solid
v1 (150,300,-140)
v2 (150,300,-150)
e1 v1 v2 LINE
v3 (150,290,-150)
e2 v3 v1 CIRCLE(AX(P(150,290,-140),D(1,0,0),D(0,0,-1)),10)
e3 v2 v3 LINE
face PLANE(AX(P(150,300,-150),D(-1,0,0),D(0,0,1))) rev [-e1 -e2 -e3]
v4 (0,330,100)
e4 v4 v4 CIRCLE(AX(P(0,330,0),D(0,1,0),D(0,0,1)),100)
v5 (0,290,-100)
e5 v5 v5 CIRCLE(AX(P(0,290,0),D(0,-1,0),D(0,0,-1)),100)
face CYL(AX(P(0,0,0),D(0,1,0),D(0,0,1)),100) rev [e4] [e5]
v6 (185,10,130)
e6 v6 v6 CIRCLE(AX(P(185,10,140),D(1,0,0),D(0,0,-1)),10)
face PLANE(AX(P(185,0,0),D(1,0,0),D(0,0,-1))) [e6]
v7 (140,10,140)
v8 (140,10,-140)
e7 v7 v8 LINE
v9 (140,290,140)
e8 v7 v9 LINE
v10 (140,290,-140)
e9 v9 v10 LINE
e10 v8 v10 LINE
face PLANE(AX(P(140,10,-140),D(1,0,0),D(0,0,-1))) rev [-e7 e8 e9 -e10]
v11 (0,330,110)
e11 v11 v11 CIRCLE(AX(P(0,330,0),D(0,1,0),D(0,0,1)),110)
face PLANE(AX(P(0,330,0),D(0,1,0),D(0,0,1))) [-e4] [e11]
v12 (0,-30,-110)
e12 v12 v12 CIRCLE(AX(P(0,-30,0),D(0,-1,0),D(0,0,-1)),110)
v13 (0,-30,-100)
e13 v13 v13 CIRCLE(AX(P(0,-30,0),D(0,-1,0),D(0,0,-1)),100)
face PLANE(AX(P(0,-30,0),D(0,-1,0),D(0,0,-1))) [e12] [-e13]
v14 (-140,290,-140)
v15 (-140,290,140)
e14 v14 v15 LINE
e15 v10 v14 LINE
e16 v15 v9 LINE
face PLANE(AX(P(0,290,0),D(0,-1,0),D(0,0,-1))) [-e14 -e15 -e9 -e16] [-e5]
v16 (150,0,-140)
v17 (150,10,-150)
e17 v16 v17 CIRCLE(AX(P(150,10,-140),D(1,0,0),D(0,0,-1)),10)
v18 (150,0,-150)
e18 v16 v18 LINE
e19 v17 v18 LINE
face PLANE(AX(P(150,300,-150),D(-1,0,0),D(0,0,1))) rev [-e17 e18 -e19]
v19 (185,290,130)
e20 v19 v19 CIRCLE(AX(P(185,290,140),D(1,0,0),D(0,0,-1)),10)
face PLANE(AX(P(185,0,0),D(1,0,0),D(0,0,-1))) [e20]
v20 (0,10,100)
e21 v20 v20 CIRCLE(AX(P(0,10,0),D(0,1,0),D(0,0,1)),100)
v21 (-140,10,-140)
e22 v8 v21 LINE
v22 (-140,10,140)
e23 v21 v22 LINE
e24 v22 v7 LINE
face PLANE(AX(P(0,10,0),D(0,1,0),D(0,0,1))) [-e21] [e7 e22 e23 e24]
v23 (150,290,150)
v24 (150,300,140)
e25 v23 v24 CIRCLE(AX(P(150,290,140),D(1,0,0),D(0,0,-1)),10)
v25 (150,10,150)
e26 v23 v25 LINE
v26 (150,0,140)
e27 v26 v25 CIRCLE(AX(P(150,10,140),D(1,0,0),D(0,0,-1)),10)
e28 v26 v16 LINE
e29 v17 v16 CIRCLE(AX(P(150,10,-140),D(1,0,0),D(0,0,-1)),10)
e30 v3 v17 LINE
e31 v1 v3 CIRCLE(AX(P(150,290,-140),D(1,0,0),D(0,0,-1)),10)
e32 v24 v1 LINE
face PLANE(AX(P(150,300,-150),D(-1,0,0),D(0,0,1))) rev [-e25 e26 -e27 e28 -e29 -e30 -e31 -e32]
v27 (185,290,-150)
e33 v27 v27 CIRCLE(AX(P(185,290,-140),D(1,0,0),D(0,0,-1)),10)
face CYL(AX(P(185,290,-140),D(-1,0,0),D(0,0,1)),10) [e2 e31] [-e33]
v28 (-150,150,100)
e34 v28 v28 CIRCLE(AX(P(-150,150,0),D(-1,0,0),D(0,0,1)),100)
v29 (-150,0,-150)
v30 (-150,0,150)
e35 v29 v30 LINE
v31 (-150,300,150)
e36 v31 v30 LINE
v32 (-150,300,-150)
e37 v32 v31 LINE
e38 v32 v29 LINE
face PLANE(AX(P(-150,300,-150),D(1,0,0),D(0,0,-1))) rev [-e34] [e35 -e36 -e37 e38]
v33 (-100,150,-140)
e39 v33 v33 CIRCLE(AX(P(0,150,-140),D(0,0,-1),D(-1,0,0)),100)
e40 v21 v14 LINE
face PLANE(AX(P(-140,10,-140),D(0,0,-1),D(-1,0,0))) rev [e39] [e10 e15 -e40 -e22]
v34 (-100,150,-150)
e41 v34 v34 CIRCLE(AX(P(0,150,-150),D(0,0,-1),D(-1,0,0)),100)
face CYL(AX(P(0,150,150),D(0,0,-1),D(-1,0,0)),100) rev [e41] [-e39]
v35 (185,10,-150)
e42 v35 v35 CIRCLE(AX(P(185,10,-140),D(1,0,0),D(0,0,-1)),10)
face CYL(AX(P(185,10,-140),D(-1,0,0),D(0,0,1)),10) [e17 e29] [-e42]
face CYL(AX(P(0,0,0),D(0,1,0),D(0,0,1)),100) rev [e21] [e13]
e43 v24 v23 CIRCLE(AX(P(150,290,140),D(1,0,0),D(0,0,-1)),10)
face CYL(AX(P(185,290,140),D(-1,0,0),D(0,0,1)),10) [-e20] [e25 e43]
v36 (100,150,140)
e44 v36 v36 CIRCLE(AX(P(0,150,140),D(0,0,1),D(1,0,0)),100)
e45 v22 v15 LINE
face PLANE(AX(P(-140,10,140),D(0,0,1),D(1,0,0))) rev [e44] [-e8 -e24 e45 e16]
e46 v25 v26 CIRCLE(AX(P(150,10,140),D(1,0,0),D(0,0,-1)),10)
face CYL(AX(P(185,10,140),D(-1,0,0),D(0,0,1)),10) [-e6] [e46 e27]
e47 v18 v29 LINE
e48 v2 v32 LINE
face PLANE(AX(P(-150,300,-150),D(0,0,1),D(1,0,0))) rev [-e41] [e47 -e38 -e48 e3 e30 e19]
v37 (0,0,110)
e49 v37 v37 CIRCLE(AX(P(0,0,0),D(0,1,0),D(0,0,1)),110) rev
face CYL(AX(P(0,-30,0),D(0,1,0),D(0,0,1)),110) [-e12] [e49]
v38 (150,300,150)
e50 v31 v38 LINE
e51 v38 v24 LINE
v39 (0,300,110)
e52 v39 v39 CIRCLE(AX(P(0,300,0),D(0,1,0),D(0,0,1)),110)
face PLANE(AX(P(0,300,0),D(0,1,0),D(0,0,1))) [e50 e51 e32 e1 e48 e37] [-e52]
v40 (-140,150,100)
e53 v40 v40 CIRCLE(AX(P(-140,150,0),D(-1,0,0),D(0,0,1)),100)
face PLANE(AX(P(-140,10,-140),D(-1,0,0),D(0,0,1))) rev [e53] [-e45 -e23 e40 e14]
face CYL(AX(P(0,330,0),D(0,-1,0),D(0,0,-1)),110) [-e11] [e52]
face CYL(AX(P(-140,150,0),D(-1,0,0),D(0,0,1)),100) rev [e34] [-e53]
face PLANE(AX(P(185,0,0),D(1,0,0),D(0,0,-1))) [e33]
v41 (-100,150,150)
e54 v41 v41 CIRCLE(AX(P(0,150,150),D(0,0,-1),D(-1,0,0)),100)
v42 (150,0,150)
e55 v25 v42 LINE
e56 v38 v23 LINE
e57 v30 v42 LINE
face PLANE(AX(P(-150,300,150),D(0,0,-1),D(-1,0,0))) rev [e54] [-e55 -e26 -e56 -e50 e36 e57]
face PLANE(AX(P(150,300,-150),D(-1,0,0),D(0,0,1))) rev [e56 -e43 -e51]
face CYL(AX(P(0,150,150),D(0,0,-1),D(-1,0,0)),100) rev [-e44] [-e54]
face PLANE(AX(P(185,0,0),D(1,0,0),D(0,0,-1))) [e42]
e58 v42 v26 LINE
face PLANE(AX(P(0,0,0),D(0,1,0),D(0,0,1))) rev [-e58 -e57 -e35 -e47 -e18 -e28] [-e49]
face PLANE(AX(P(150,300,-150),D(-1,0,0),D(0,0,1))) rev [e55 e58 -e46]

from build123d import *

# Parameters (mm, degrees)
SKETCH1_W           = 300
SKETCH1_H           = 300
BOSS_EXTRUDE1_DEPTH = 300
SKETCH2_W           = 280
SKETCH2_H           = 280
CUT_EXTRUDE1_DEPTH  = 290
SKETCH5_W           = 300
SKETCH5_H           = 300
BOSS_EXTRUDE3_DEPTH = 10
SKETCH6_R           = 100
CUT_EXTRUDE3_DEPTH  = 301
CUT_EXTRUDE4_DEPTH  = 301
CUT_EXTRUDE5_DEPTH  = 10
SKETCH9_R           = 10
BOSS_EXTRUDE4_DEPTH = 35
SKETCH10_R          = 110
SKETCH10_R_2        = 100
BOSS_EXTRUDE5_DEPTH = 30
SKETCH11_R          = 110
SKETCH11_R_2        = 100
BOSS_EXTRUDE6_DEPTH = 30


with BuildPart() as part:
    # Sketch1 → Boss-Extrude1 (new body)
    with BuildSketch(Plane(origin=(0, 0, 0), x_dir=(1, 0, 0), z_dir=(0, 1, 0))):
        Rectangle(SKETCH1_W, SKETCH1_H)
    extrude(amount=BOSS_EXTRUDE1_DEPTH)

    # Sketch2 → Cut-Extrude1 (cut)
    with BuildSketch(Plane(origin=(0, 300, 0), x_dir=(1, 0, 0), z_dir=(0, 1, 0))):
        Rectangle(SKETCH2_W, SKETCH2_H)
    extrude(amount=-CUT_EXTRUDE1_DEPTH, mode=Mode.SUBTRACT)

    # Sketch5 → Boss-Extrude3 (add)
    with BuildSketch(Plane(origin=(0, 300, 0), x_dir=(1, 0, 0), z_dir=(0, 1, 0))):
        Rectangle(SKETCH5_W, SKETCH5_H)
    extrude(amount=-BOSS_EXTRUDE3_DEPTH)

    # Sketch6 → Cut-Extrude3 (cut, through all)
    with BuildSketch(Plane(origin=(0, 300, 0), x_dir=(1, 0, 0), z_dir=(0, 1, 0))):
        Circle(SKETCH6_R)
    extrude(amount=-CUT_EXTRUDE3_DEPTH, mode=Mode.SUBTRACT)

    # Sketch7 → Cut-Extrude4 (cut, through all)
    with BuildSketch(Plane(origin=(0, 0, -150), x_dir=(-1, 0, 0), z_dir=(0, 0, -1))):
        with BuildLine():
            ThreePointArc((100, 150), (70.710678119, 220.710678119), (0, 250))
            Line((0, 250), (0, 50))
            ThreePointArc((0, 50), (70.710678119, 79.289321881), (100, 150))
        make_face()
        with BuildLine():
            Line((0, 50), (0, 250))
            ThreePointArc((0, 250), (-100, 150), (0, 50))
        make_face()
    extrude(amount=-CUT_EXTRUDE4_DEPTH, mode=Mode.SUBTRACT)

    # Sketch8 → Cut-Extrude5 (cut)
    with BuildSketch(Plane.ZY.offset(150)):
        with BuildLine():
            ThreePointArc((0, 250), (-100, 150), (0, 50))
            Line((0, 50), (0, 250))
        make_face()
        with BuildLine():
            Line((0, 250), (0, 50))
            ThreePointArc((0, 50), (70.710678119, 79.289321881), (100, 150))
            ThreePointArc((100, 150), (70.710678119, 220.710678119), (0, 250))
        make_face()
    extrude(amount=-CUT_EXTRUDE5_DEPTH, mode=Mode.SUBTRACT)

    # Sketch9 → Boss-Extrude4 (add)
    with BuildSketch(Plane(origin=(150, 0, 0), x_dir=(0, 0, -1), z_dir=(1, 0, 0))):
        with Locations((140, 290)):
            Circle(SKETCH9_R)
        with Locations((140, 10)):
            Circle(SKETCH9_R)
        with Locations((-140, 290)):
            Circle(SKETCH9_R)
        with BuildLine():
            ThreePointArc((-130, 10), (-132.928932188, 17.071067812), (-140, 20))
            Line((-140, 20), (-140, 0))
            ThreePointArc((-140, 0), (-132.928932188, 2.928932188), (-130, 10))
        make_face()
        with BuildLine():
            Line((-140, 0), (-140, 20))
            ThreePointArc((-140, 20), (-147.071067812, 17.071067812), (-150, 10))
            ThreePointArc((-150, 10), (-147.071067812, 2.928932188), (-140, 0))
        make_face()
    extrude(amount=BOSS_EXTRUDE4_DEPTH)

    # Sketch10 → Boss-Extrude5 (add)
    with BuildSketch(Plane(origin=(0, 300, 0), x_dir=(1, 0, 0), z_dir=(0, 1, 0))):
        Circle(SKETCH10_R)
        Circle(SKETCH10_R_2, mode=Mode.SUBTRACT)
    extrude(amount=BOSS_EXTRUDE5_DEPTH)

    # Sketch11 → Boss-Extrude6 (add)
    with BuildSketch(Plane.XZ):
        Circle(SKETCH11_R)
        Circle(SKETCH11_R_2, mode=Mode.SUBTRACT)
    extrude(amount=BOSS_EXTRUDE6_DEPTH)


solid = part.part
